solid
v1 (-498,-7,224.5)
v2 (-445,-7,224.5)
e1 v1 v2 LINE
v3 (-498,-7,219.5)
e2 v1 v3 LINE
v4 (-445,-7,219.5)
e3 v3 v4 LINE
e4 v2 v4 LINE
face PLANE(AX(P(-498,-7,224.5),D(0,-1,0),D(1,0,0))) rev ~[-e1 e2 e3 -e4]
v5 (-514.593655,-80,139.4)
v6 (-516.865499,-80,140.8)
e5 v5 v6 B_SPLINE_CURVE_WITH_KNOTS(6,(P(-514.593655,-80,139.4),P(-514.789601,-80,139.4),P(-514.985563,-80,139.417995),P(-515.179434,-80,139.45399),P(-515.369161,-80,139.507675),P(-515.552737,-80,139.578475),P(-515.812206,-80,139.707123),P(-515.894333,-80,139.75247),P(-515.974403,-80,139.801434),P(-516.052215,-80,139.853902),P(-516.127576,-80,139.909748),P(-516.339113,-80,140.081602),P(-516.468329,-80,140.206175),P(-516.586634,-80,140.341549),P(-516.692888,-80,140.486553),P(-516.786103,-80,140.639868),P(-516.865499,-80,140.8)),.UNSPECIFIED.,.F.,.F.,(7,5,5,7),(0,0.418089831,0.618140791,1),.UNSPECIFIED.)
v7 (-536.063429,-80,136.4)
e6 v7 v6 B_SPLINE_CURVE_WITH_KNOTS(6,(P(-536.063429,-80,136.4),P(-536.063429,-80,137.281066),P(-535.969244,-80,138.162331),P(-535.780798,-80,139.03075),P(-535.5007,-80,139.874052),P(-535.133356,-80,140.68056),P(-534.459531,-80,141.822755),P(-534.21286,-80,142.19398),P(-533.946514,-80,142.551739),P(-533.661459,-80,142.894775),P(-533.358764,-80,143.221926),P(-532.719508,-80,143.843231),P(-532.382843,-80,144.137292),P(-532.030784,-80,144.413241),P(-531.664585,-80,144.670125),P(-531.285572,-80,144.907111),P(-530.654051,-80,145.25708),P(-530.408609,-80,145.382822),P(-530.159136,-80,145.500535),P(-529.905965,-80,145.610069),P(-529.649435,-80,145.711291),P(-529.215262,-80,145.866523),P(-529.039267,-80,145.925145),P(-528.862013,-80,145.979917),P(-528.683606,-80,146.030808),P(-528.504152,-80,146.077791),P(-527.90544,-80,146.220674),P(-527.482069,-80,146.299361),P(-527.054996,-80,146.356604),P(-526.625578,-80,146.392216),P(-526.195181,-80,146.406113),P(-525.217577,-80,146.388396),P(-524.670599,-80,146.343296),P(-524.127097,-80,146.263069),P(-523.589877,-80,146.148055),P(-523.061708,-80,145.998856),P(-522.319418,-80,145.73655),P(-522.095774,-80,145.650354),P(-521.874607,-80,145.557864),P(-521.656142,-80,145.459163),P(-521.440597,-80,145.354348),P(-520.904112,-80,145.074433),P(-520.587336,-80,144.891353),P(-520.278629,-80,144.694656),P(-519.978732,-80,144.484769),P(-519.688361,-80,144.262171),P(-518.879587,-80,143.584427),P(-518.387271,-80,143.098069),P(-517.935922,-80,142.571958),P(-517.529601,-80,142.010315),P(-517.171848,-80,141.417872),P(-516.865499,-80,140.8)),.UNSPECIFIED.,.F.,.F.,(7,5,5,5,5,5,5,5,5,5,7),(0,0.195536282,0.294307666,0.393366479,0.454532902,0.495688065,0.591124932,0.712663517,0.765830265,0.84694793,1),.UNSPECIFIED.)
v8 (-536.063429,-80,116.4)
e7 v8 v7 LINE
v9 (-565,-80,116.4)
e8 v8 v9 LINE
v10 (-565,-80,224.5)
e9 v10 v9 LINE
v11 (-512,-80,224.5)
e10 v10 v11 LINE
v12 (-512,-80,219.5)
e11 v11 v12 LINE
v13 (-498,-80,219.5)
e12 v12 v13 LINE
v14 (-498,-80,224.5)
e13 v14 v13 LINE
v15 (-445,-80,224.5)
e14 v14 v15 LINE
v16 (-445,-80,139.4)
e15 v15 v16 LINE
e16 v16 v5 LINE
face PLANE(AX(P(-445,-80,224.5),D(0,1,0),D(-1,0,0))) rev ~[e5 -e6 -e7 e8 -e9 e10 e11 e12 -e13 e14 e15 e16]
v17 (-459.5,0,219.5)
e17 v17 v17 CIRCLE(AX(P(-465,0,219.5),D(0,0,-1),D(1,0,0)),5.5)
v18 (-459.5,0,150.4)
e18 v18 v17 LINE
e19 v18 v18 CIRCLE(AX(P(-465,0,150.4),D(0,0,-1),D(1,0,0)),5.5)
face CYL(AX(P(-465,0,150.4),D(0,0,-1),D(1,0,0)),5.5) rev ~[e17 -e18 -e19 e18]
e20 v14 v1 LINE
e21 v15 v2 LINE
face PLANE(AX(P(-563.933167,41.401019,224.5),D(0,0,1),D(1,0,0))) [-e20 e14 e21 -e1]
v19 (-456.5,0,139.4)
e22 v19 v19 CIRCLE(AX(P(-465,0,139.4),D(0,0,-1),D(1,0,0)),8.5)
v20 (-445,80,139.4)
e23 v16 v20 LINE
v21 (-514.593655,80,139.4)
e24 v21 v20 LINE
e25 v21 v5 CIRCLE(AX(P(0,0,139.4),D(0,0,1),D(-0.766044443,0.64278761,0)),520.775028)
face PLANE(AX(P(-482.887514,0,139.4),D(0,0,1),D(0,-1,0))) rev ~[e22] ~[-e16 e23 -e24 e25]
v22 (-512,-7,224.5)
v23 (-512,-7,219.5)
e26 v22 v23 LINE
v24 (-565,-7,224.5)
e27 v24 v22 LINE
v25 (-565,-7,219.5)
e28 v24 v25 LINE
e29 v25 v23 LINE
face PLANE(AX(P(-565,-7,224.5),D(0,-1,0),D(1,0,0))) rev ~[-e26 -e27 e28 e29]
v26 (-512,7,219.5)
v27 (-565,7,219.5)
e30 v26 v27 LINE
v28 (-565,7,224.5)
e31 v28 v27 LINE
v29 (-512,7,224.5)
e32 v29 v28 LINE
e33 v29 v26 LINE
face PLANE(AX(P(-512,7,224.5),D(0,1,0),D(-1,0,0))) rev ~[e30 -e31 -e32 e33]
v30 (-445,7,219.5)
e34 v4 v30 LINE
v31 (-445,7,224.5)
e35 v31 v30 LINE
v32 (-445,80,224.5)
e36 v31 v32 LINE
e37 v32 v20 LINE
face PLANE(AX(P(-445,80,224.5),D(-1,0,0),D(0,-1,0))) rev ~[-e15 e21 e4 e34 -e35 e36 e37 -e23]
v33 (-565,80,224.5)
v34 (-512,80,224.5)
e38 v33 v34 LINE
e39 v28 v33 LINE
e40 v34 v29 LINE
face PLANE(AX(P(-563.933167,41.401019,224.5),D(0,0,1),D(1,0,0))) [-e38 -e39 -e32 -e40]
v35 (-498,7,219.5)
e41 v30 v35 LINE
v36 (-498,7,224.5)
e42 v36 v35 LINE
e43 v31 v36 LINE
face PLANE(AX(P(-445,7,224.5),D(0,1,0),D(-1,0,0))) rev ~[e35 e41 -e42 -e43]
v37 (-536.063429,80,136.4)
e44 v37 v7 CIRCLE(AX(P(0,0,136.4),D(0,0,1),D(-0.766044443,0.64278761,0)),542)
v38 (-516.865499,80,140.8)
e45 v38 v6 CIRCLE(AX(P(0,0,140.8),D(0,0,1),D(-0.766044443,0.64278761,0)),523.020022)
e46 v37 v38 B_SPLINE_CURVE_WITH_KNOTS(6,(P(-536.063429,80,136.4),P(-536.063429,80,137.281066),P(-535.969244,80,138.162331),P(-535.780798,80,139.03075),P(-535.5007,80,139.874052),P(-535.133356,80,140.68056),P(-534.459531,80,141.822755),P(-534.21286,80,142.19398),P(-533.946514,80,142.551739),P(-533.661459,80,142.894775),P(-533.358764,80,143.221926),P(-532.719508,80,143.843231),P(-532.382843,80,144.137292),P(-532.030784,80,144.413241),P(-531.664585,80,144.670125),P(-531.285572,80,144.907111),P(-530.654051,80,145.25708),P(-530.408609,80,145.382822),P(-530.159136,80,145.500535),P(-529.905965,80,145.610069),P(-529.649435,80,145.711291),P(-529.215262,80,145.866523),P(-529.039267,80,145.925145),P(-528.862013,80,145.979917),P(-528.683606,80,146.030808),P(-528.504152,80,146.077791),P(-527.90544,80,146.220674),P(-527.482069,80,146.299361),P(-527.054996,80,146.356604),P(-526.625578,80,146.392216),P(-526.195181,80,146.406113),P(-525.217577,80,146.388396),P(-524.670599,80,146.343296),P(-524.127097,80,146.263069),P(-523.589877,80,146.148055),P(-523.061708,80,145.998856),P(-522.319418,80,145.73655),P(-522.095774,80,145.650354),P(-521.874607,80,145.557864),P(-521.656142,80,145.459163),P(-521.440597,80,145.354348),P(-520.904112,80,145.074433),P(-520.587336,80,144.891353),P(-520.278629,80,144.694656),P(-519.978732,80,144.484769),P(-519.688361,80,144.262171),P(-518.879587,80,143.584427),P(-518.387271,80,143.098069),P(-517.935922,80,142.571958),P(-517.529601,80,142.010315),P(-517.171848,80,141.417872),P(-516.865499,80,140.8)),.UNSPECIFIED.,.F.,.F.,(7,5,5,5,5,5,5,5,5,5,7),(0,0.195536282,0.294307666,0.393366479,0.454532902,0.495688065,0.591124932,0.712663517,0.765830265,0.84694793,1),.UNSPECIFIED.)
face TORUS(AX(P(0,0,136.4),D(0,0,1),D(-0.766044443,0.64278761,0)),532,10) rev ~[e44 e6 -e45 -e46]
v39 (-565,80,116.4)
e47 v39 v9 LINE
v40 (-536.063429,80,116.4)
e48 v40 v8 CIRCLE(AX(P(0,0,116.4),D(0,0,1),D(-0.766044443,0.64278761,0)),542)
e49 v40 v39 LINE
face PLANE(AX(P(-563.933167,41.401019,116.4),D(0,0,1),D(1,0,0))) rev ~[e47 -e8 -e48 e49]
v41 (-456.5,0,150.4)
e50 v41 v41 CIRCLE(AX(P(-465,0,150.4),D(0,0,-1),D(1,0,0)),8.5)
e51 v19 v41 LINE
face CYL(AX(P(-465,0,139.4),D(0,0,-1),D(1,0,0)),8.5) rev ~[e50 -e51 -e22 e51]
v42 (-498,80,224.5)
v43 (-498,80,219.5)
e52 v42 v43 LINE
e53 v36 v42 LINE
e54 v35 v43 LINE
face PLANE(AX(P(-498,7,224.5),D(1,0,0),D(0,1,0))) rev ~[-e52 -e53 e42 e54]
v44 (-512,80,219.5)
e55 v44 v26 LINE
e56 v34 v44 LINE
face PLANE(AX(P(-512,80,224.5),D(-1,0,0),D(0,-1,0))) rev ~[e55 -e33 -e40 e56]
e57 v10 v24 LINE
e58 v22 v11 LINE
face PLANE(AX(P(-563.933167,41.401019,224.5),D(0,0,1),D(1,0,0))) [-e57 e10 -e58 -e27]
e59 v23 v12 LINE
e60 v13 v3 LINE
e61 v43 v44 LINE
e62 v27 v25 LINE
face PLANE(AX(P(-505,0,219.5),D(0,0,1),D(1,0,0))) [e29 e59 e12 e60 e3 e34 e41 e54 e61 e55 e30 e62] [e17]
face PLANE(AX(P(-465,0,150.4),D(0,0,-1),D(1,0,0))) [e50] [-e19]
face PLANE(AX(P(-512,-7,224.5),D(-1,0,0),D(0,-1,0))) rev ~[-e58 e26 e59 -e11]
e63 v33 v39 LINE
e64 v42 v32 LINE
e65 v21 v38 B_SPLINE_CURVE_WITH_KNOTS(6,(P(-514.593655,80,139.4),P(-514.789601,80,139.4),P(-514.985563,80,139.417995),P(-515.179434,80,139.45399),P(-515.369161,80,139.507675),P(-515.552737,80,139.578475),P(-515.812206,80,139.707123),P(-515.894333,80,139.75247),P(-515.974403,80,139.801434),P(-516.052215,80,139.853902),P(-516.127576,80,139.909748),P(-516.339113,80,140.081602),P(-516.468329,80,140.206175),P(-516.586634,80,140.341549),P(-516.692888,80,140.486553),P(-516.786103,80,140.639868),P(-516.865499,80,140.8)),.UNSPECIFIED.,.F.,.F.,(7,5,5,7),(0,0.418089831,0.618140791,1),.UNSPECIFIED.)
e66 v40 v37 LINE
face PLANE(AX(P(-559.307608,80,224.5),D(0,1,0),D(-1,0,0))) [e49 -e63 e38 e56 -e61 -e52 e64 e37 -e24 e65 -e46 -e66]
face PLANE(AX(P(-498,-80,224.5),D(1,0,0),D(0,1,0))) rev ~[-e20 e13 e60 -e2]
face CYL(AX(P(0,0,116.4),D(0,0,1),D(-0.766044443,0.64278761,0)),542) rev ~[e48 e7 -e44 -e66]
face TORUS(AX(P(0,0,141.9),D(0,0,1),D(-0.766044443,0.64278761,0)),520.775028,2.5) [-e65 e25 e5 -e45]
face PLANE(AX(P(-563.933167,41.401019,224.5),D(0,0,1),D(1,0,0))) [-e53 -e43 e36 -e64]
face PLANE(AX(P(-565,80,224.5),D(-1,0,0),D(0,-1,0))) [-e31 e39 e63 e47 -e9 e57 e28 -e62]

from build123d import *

# Parameters (mm, degrees)
F5_DEPTH  = 108.1010001
F7_DEPTH  = 108.1
F9_DEPTH  = 5
F10_R     = 8.5
F11_DEPTH = 11
F12_R     = 5.5
F13_DEPTH = 69.1


with BuildPart() as f3:
    # F3: sweep along a path in F2
    with BuildLine(Plane.XY.offset(139.4)) as f3_path:
        ThreePointArc((-340.8897771879, 286.0404863105), (-445, 0), (-340.8897771879, -286.0404863105))
    # F0 (on Front) → F3 (sweep)
    with BuildSketch(Plane.XZ):
        with BuildLine():
            Line((-565, 116.4), (-542, 116.4))
            Line((-542, 116.4), (-542, 136.4))
            ThreePointArc((-542, 136.4), (-534.2583426132, 146.1416573868), (-523.0200222717, 140.8))
            ThreePointArc((-523.0200222717, 140.8), (-522.0979034952, 139.7786796564), (-520.7750278397, 139.4))
            Line((-520.7750278397, 139.4), (-445, 139.4))
            Line((-445, 139.4), (-445, 224.5))
            Line((-445, 224.5), (-565, 224.5))
            Line((-565, 224.5), (-565, 116.4))
        make_face()
    sweep(path=f3_path.line)

    # F4 (on face) → F5 (cut, through all)
    with BuildSketch(Plane.XY.offset(224.5)):
        with BuildLine():
            ThreePointArc((-432.8151103622, 363.1749994729), (-515.8719724812, 230.4367765969), (-559.3076076722, 80))
            Line((-559.3076076722, 80), (-445, 80))
            Line((-445, 80), (-445, 0))
            ThreePointArc((-445, 0), (-418.1632162497, 152.1989637799), (-340.8897771879, 286.0404863105))
            Line((-340.8897771879, 286.0404863105), (-432.8151103622, 363.1749994729))
        make_face()
        with BuildLine():
            Line((-445, -80), (-559.3076076722, -80))
            ThreePointArc((-559.3076076722, -80), (-515.8719724812, -230.4367765969), (-432.8151103622, -363.1749994729))
            Line((-432.8151103622, -363.1749994729), (-340.8897771879, -286.0404863105))
            ThreePointArc((-340.8897771879, -286.0404863105), (-418.1632162497, -152.1989637799), (-445, 0))
            Line((-445, 0), (-445, -80))
        make_face()
    extrude(amount=-F5_DEPTH, mode=Mode.SUBTRACT)

    # F6 (on face) → F7 (join, through all)
    with BuildSketch(Plane.XY.offset(224.5)):
        with BuildLine():
            ThreePointArc((-565, 0), (-563.57510517, 40.1011325601), (-559.3076076722, 80))
            Line((-559.3076076722, 80), (-565, 80))
            Line((-565, 80), (-565, 0))
        make_face()
        with BuildLine():
            ThreePointArc((-559.3076076722, -80), (-563.57510517, -40.1011325601), (-565, 0))
            Line((-565, 0), (-565, -80))
            Line((-565, -80), (-559.3076076722, -80))
        make_face()
    extrude(amount=-F7_DEPTH)

    # F8 (on face) → F9 (cut)
    with BuildSketch(Plane.XY.offset(224.5)):
        Polygon((-498, 80), (-512, 80), (-512, 7), (-565, 7), (-565, -7), (-512, -7), (-512, -80), (-498, -80), (-498, -7), (-445, -7), (-445, 7), (-498, 7), align=None)
    extrude(amount=-F9_DEPTH, mode=Mode.SUBTRACT)

    # F10 (on face) → F11 (cut)
    with BuildSketch(Plane(origin=(0, 0, 139.4), x_dir=(1, 0, 0), z_dir=(0, 0, -1))):
        with Locations((-465, 0)):
            Circle(F10_R)
    extrude(amount=-F11_DEPTH, mode=Mode.SUBTRACT)

    # F12 (on face) → F13 (cut, through all)
    with BuildSketch(Plane(origin=(0, 0, 150.4), x_dir=(1, 0, 0), z_dir=(0, 0, -1))):
        with Locations((-465, 0)):
            Circle(F12_R)
    extrude(amount=-F13_DEPTH, mode=Mode.SUBTRACT)


solid = f3.part
